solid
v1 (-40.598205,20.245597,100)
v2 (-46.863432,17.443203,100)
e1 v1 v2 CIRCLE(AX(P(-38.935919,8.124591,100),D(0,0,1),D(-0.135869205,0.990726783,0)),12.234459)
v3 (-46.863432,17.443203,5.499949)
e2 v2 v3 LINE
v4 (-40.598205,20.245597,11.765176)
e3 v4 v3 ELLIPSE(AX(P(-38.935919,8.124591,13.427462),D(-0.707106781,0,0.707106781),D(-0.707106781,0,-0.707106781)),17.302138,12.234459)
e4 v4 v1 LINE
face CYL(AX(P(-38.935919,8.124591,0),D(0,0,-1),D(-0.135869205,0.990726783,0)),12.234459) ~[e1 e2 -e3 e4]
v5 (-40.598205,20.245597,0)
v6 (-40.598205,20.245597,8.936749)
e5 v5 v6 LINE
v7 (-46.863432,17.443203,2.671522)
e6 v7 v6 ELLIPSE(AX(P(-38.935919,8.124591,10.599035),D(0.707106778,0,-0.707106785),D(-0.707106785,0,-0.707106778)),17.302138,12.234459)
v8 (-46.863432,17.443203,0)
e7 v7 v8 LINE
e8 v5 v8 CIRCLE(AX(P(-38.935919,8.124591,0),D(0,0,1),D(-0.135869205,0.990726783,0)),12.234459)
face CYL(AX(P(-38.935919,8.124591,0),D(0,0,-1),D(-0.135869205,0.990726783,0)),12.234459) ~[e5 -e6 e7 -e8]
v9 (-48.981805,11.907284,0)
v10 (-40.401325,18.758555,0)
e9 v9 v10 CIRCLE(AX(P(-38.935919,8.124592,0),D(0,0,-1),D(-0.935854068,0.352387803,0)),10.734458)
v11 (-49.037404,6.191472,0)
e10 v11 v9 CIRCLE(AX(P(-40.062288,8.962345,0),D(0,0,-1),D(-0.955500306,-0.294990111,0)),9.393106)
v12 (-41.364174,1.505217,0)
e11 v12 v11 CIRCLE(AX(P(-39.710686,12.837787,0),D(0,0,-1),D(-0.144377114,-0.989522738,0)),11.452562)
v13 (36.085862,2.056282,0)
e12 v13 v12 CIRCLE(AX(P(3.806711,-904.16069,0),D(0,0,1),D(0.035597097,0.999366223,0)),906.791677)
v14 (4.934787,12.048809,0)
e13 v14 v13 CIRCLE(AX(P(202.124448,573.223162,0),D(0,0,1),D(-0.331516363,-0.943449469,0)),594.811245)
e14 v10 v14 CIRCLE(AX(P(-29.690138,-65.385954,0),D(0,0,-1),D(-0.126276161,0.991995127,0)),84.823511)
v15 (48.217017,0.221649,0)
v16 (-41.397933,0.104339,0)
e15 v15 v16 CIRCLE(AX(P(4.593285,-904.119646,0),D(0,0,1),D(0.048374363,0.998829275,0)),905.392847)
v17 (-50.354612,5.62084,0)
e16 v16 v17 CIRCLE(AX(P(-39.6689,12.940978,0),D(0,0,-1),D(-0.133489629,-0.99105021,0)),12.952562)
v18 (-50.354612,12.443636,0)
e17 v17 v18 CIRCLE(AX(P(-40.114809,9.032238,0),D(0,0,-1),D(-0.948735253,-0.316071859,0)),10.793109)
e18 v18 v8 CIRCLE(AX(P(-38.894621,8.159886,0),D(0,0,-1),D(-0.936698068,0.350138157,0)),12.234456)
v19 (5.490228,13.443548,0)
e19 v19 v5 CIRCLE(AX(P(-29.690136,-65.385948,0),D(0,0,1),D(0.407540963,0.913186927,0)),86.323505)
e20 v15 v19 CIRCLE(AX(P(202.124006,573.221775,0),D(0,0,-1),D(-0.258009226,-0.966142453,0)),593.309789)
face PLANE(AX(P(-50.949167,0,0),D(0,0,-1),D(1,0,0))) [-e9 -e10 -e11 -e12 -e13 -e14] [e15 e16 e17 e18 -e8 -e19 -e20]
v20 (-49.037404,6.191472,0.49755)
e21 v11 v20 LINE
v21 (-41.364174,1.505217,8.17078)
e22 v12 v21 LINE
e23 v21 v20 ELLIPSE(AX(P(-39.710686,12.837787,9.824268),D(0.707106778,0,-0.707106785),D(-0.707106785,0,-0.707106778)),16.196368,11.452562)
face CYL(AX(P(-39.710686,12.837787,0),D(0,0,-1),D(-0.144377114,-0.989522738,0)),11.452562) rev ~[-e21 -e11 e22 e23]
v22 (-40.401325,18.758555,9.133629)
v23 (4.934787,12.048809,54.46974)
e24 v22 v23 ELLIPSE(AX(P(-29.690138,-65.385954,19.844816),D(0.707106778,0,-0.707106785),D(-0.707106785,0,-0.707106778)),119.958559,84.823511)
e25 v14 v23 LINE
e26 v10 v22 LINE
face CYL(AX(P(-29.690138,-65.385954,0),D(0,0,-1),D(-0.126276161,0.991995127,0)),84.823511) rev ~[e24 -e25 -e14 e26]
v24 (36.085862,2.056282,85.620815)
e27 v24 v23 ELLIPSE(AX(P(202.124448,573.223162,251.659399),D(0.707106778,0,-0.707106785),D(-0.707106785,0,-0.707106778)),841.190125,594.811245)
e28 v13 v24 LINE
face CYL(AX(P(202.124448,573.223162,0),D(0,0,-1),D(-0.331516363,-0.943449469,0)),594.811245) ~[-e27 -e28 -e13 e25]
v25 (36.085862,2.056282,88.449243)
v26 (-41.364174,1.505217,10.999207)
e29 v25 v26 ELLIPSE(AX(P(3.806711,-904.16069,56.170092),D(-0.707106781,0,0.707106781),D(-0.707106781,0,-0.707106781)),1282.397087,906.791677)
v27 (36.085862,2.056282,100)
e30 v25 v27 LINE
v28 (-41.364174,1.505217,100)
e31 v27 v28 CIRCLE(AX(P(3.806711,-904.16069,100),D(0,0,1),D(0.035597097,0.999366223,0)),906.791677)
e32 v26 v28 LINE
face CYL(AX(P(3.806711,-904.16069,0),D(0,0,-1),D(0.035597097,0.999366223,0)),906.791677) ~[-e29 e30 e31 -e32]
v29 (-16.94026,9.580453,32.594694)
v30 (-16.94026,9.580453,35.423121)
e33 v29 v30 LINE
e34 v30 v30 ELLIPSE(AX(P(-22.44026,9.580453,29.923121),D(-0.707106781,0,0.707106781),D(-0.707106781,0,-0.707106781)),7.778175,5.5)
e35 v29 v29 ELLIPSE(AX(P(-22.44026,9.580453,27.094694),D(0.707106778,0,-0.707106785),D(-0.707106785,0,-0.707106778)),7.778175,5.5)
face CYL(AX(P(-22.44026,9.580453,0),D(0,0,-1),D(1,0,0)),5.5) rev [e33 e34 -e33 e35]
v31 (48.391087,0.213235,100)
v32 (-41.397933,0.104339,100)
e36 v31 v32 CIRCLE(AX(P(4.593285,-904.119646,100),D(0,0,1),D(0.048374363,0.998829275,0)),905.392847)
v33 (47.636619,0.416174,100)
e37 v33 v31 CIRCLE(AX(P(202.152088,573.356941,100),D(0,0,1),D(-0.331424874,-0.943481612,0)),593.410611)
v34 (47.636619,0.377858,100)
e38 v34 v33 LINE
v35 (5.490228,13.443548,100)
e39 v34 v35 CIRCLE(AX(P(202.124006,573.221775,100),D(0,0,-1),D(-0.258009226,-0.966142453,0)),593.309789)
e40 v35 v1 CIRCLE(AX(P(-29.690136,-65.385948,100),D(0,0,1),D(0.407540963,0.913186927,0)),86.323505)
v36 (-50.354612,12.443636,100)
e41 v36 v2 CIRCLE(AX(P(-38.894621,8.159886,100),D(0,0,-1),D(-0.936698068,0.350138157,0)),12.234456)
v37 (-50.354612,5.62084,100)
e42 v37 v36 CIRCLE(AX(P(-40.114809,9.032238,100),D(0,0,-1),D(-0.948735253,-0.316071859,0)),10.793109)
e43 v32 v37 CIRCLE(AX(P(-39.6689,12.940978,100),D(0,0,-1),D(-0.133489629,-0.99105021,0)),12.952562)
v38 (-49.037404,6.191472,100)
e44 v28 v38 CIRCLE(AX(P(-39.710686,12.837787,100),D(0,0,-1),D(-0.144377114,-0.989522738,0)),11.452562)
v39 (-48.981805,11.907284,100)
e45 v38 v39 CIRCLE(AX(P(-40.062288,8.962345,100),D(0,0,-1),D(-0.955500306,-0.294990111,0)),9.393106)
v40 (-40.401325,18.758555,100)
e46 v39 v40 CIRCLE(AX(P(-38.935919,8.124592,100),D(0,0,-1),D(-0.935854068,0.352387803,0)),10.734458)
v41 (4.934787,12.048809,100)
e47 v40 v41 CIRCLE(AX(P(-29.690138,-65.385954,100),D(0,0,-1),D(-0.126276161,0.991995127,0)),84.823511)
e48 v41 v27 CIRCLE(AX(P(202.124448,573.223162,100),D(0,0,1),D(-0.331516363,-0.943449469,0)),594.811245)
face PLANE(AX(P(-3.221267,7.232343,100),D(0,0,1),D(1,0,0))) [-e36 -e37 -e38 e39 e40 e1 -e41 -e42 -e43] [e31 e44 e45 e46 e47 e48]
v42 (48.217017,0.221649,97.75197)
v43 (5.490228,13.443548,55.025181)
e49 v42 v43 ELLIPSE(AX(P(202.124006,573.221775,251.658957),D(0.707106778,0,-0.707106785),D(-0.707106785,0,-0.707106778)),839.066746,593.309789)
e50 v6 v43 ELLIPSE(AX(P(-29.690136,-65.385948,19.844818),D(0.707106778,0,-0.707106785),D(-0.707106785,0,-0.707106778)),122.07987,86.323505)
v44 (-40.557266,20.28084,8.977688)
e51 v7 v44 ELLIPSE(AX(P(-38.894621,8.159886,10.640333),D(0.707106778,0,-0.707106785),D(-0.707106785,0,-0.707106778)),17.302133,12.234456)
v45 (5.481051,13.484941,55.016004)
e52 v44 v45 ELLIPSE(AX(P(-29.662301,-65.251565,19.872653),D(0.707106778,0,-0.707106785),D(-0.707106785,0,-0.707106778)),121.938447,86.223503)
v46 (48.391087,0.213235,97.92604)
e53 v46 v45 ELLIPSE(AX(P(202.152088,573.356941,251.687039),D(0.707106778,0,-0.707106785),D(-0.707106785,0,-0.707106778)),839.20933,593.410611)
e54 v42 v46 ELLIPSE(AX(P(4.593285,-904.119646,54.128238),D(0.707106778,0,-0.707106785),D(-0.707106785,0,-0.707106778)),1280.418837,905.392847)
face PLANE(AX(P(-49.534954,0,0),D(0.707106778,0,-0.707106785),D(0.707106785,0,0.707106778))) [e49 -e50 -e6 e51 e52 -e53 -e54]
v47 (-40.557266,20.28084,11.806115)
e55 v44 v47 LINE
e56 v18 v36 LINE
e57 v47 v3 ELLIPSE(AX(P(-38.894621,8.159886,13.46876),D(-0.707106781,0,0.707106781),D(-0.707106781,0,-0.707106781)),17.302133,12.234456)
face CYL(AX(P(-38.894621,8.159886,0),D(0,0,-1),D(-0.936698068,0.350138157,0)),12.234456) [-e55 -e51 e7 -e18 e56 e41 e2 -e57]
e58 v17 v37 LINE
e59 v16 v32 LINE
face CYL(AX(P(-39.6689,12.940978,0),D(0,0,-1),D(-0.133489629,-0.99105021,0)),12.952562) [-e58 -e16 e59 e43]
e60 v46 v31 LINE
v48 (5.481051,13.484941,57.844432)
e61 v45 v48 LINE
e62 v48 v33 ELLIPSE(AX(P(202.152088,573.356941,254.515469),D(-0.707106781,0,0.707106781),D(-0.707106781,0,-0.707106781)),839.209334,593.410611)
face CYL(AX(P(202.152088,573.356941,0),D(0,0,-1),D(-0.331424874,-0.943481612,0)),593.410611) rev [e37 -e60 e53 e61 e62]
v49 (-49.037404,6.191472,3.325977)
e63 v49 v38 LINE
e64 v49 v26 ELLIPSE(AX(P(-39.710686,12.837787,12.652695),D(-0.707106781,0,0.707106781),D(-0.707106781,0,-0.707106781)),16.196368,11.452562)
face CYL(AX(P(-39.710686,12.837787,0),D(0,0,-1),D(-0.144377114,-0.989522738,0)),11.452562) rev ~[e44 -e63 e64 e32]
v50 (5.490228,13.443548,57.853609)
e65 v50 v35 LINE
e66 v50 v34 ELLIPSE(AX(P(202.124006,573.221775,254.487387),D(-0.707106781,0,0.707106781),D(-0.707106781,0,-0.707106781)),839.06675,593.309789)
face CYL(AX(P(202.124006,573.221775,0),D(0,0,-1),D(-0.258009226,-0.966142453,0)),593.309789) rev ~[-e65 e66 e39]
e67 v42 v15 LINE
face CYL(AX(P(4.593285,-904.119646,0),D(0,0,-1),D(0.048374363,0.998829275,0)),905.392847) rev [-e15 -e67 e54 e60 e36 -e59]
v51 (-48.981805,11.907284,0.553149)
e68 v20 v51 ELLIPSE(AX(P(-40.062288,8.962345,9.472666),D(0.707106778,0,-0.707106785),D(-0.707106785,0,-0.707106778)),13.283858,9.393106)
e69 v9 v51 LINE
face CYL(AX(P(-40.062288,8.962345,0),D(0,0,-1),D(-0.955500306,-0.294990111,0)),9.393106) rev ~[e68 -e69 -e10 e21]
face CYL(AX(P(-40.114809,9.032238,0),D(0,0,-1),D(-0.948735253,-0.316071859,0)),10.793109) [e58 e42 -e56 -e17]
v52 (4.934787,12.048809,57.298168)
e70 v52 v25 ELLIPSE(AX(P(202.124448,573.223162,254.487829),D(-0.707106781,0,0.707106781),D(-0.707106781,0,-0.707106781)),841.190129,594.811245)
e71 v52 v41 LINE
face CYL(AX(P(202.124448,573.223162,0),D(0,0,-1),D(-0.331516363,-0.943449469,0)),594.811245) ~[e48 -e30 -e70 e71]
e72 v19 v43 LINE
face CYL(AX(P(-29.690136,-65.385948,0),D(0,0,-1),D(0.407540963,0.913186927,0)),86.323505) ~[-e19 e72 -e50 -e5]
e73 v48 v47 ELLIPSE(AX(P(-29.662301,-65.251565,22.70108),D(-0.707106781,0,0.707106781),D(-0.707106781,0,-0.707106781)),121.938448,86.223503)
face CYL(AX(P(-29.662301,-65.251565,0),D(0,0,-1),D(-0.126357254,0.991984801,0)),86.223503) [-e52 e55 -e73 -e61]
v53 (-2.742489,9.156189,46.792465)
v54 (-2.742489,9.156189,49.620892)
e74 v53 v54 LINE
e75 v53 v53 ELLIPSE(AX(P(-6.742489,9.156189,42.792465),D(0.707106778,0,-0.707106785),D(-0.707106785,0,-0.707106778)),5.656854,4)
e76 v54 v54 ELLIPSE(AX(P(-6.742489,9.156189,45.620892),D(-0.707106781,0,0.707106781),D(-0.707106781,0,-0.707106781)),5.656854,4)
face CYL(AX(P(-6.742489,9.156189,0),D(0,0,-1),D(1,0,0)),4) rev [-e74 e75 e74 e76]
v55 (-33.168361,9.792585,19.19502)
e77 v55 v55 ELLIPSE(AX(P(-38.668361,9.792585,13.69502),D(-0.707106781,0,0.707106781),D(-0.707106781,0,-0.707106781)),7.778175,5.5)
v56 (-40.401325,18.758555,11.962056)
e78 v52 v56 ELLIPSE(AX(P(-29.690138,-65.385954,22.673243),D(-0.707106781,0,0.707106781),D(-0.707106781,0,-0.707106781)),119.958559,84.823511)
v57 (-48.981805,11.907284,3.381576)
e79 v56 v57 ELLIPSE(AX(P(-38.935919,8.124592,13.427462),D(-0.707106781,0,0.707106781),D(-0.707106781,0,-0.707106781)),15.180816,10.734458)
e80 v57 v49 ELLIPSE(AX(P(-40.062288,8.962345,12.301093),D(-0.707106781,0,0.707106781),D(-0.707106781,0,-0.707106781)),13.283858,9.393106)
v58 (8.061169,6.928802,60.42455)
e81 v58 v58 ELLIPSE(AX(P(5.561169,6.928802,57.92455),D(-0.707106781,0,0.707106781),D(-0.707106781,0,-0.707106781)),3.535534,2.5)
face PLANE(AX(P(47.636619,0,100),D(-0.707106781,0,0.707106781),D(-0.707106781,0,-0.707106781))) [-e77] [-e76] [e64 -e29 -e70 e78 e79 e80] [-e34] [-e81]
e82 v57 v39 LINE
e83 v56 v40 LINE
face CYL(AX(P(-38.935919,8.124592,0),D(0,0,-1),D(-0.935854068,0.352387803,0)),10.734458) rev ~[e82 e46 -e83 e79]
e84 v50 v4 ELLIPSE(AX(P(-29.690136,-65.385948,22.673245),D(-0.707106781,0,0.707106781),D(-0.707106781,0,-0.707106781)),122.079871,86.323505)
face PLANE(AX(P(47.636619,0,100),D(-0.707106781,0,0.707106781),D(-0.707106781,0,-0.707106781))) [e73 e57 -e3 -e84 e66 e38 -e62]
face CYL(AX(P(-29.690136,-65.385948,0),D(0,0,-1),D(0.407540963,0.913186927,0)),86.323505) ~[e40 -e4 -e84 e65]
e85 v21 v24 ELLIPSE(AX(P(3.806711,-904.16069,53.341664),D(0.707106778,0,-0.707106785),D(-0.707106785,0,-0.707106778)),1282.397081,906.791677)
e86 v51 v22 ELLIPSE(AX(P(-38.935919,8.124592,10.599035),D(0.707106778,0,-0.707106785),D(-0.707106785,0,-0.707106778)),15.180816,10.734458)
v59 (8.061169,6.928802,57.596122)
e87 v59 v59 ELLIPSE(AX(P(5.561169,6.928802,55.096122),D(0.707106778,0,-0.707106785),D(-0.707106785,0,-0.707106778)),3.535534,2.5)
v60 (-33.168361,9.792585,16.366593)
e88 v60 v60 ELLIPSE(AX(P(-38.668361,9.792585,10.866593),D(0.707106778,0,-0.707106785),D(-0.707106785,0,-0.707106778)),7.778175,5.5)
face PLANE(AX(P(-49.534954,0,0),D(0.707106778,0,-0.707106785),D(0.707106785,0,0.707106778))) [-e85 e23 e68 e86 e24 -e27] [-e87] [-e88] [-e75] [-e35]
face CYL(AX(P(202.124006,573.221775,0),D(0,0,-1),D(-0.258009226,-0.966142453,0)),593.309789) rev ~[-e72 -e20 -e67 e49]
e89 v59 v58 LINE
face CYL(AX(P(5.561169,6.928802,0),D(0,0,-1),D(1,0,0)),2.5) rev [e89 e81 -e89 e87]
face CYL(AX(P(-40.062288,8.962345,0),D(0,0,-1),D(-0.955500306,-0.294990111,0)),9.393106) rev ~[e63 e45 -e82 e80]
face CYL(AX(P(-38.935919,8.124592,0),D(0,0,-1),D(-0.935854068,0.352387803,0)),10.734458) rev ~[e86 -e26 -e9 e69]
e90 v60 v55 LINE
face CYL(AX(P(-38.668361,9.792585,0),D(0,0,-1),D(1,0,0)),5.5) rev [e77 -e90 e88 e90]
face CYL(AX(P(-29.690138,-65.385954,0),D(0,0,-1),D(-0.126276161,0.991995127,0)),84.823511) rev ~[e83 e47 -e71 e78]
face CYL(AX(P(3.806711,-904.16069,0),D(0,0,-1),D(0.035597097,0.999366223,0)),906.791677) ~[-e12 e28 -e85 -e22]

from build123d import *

# Parameters (mm, degrees)
F3_DEPTH = 100
F4_DEPTH = 25
F2_W     = 130.920828
F2_H     = 57.169587
F5_DEPTH = 100
F6_R     = 5.5
F6_R_2   = 4
F6_R_3   = 2.5
F7_DEPTH = 100


with BuildPart() as f3:
    # F0 (on Top) → F3 (new body)
    with BuildSketch(Plane.XY):
        with BuildLine():
            ThreePointArc((-50.955394, 8.962345), (-50.814737, 7.217467), (-50.396399, 5.517649))
            ThreePointArc((-50.396399, 5.517649), (-46.499614, 1.806953), (-41.431171, 0))
            ThreePointArc((-41.431171, 0), (3.806717, 1.130986), (49.044606, 0))
            ThreePointArc((49.044606, 0), (27.138267, 6.303353), (5.490228, 13.443548))
            ThreePointArc((5.490228, 13.443548), (-17.086444, 20.012497), (-40.598205, 20.245597))
            ThreePointArc((-40.598205, 20.245597), (-46.578725, 17.678098), (-50.396399, 12.407041))
            ThreePointArc((-50.396399, 12.407041), (-50.814737, 10.707224), (-50.955394, 8.962345))
        make_face()
        with BuildLine():
            ThreePointArc((-40.401325, 18.758555), (-17.271527, 18.523557), (4.934787, 12.048809))
            ThreePointArc((4.934787, 12.048809), (20.441613, 6.838342), (36.085862, 2.056282))
            ThreePointArc((36.085862, 2.056282), (-2.645042, 2.608034), (-41.364174, 1.505217))
            ThreePointArc((-41.364174, 1.505217), (-45.679897, 3.063858), (-49.037404, 6.191472))
            ThreePointArc((-49.037404, 6.191472), (-49.45495, 9.05371), (-48.981805, 11.907284))
            ThreePointArc((-48.981805, 11.907284), (-45.633862, 16.513045), (-40.401325, 18.758555))
        make_face(mode=Mode.SUBTRACT)
    extrude(amount=F3_DEPTH)

    # F1 (on Front) → F4 (join)
    with BuildSketch(Plane.XZ):
        Polygon((-50.949167, 1.414214), (-50.949167, 0), (-49.534954, 0), (49.050833, 98.585786), (49.050833, 100), (47.636619, 100), align=None)
    extrude(amount=-F4_DEPTH)

    # F2 (on Top) → F5 (cut)
    with BuildSketch(Plane.XY):
        with Locations((0.042133, 7.232606)):
            Rectangle(F2_W, F2_H)
        with BuildLine():
            ThreePointArc((-41.397933, 0.104339), (-46.4615, 1.912404), (-50.354612, 5.62084))
            ThreePointArc((-50.354612, 5.62084), (-50.907918, 9.032238), (-50.354612, 12.443636))
            ThreePointArc((-50.354612, 12.443636), (-46.537025, 17.713711), (-40.557266, 20.28084))
            ThreePointArc((-40.557266, 20.28084), (-17.07095, 20.047617), (5.481051, 13.484941))
            ThreePointArc((5.481051, 13.484941), (26.810456, 6.442957), (48.391087, 0.213235))
            ThreePointArc((48.391087, 0.213235), (3.495226, 1.272535), (-41.397933, 0.104339))
        make_face(mode=Mode.SUBTRACT)
    extrude(amount=F5_DEPTH, mode=Mode.SUBTRACT)

    # F6 (on Top) → F7 (cut)
    with BuildSketch(Plane.XY):
        with Locations((-38.668361, 9.792585)):
            Circle(F6_R)
        with Locations((-22.44026, 9.580453)):
            Circle(F6_R)
        with Locations((-6.742489, 9.156189)):
            Circle(F6_R_2)
        with Locations((5.561169, 6.928802)):
            Circle(F6_R_3)
    extrude(amount=F7_DEPTH, mode=Mode.SUBTRACT)


solid = f3.part
